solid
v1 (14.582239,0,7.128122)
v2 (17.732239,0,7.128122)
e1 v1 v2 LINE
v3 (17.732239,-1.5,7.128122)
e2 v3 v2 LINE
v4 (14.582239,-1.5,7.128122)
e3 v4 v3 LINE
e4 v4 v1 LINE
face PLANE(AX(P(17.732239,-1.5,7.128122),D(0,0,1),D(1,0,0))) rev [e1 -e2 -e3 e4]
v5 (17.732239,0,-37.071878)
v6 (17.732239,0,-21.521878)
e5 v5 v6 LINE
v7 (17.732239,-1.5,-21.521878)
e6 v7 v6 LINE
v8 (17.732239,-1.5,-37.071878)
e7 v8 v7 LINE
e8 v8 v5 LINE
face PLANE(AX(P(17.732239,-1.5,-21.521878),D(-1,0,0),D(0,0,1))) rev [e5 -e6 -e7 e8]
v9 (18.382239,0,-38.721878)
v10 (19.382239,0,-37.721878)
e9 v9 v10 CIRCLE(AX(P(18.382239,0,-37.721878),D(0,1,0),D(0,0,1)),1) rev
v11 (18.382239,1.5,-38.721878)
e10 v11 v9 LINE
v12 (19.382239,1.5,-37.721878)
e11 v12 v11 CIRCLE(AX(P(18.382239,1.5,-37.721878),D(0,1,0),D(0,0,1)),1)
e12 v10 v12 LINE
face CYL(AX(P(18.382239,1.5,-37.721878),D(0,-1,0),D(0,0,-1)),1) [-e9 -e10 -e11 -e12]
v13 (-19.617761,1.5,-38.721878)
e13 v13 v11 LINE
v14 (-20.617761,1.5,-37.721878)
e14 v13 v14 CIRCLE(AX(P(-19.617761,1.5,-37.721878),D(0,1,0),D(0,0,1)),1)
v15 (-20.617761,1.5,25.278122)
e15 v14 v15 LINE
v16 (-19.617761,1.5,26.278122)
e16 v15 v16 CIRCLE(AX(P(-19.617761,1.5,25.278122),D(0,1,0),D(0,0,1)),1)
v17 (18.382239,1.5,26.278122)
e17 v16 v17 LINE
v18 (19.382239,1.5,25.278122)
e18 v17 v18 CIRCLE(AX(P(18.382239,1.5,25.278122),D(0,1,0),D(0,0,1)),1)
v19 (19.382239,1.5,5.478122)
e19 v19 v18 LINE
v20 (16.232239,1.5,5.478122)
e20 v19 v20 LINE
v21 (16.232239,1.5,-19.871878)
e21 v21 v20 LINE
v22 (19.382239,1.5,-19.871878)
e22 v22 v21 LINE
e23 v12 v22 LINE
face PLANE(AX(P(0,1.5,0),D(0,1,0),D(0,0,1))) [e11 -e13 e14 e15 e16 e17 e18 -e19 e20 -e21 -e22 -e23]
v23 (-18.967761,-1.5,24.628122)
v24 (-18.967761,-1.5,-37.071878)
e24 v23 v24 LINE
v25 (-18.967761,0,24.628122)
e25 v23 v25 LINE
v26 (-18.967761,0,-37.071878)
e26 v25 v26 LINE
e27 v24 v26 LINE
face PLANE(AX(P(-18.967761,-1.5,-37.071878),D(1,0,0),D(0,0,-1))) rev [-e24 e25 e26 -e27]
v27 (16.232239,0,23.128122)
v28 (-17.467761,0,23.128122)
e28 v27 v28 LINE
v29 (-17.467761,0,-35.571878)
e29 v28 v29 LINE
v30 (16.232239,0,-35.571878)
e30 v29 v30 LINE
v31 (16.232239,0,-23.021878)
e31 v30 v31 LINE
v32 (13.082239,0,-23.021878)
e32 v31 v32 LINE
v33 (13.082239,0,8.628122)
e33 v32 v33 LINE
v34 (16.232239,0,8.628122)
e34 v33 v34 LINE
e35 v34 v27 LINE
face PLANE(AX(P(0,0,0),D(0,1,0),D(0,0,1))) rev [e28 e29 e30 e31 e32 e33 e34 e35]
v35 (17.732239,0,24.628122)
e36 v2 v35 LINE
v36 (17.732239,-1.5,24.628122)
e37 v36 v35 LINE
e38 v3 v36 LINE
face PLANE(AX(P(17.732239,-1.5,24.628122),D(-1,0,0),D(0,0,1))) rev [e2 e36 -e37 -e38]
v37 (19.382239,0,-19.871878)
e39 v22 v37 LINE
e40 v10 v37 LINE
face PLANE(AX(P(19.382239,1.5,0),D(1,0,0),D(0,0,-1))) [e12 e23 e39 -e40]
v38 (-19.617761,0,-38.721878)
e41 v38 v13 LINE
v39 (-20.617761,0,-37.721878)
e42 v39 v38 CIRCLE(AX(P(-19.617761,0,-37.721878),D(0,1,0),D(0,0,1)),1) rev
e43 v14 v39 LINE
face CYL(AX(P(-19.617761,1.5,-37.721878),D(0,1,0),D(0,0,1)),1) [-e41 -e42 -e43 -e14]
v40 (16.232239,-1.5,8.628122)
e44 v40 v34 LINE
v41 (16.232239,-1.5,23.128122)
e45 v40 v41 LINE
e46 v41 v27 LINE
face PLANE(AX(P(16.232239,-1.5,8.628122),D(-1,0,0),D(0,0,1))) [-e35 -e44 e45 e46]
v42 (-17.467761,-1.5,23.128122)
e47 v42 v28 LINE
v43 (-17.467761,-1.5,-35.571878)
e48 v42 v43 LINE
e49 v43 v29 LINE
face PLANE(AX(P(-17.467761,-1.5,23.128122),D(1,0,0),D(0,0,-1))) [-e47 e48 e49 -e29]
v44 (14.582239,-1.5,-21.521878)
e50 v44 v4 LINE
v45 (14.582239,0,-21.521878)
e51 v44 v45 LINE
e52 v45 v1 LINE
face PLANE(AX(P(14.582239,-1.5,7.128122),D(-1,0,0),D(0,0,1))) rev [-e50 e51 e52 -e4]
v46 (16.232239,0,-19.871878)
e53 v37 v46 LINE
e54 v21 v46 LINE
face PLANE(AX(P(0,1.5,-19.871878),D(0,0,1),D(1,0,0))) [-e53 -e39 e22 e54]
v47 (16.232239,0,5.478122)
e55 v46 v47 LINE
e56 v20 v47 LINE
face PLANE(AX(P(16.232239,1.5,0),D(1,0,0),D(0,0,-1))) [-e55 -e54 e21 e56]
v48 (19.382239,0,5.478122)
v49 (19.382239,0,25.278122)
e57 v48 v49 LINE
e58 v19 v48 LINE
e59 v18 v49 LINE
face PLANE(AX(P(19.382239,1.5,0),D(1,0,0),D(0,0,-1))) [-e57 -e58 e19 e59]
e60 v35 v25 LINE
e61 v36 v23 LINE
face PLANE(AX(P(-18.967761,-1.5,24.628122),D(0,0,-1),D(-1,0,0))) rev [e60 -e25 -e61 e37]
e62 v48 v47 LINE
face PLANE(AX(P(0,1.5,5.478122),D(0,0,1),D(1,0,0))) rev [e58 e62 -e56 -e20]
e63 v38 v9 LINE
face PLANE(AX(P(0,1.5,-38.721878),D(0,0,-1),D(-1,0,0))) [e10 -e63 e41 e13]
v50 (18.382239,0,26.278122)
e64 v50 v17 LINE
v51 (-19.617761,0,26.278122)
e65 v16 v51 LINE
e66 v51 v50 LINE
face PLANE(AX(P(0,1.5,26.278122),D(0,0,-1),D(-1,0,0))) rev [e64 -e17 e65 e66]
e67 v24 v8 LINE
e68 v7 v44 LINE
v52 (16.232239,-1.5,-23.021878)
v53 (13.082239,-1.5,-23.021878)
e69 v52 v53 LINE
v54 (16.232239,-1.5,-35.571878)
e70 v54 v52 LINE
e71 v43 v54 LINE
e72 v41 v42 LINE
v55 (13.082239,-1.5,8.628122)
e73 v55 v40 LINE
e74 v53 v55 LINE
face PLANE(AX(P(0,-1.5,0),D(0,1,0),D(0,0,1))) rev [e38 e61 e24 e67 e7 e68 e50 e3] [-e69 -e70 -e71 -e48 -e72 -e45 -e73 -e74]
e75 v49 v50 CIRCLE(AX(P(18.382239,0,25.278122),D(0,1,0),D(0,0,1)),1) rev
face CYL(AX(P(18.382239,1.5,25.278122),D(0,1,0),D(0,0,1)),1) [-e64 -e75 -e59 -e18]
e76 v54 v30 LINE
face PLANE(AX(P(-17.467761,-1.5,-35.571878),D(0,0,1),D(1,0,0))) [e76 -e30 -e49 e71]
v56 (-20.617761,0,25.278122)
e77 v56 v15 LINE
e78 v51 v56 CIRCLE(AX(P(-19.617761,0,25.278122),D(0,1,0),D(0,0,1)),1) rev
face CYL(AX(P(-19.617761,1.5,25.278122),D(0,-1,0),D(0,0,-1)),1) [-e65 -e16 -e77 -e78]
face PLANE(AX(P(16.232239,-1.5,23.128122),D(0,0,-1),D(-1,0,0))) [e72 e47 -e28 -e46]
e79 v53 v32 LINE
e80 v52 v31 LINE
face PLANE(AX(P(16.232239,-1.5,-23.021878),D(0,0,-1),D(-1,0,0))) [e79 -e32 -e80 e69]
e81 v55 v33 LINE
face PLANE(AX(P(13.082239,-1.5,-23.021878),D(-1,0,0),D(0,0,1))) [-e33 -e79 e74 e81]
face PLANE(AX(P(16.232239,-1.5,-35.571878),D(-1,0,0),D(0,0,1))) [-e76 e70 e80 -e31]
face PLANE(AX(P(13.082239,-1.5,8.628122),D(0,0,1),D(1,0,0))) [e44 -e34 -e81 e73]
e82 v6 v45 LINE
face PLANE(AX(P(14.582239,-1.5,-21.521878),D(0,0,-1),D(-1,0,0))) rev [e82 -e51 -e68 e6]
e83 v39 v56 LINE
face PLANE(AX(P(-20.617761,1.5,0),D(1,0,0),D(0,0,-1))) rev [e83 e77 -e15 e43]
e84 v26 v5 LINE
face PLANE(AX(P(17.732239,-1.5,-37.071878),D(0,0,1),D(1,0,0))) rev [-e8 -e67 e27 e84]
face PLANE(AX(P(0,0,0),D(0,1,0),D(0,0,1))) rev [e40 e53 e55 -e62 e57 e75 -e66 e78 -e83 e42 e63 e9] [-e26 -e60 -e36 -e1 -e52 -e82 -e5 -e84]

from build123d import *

# Parameters (mm, degrees)
BOSS_EXTRUDE1_DEPTH = 1.5
BOSS_EXTRUDE2_DEPTH = 1.5
FILLET1_R           = 1


with BuildPart() as part:
    # Sketch1 → Boss-Extrude1 (new body)
    with BuildSketch(Plane(origin=(0, 0, 0), x_dir=(1, 0, 0), z_dir=(0, 1, 0))):
        Polygon((19.382239382, 38.721878286), (-20.617760618, 38.721878286), (-20.617760618, -26.278121714), (19.382239382, -26.278121714), (19.382239382, -5.478121714), (16.232239382, -5.478121714), (16.232239382, 19.871878286), (19.382239382, 19.871878286), align=None)
    extrude(amount=BOSS_EXTRUDE1_DEPTH)

    # Sketch2 → Boss-Extrude2 (add)
    with BuildSketch(Plane.XZ):
        Polygon((-18.967760618, 24.628121714), (17.732239382, 24.628121714), (17.732239382, 7.128121714), (14.582239382, 7.128121714), (14.582239382, -21.521878286), (17.732239382, -21.521878286), (17.732239382, -37.071878286), (-18.967760618, -37.071878286), align=None)
        Polygon((-17.467760618, 23.128121714), (-17.467760618, -35.571878286), (16.232239382, -35.571878286), (16.232239382, -23.021878286), (13.082239382, -23.021878286), (13.082239382, 8.628121714), (16.232239382, 8.628121714), (16.232239382, 23.128121714), align=None, mode=Mode.SUBTRACT)
    extrude(amount=BOSS_EXTRUDE2_DEPTH)

    # Fillet1
    fillet1_edges = [part.edges().sort_by_distance(p)[0] for p in [
        (19.382239382, 0.75, 26.278121714),
        (-20.617760618, 0.75, 26.278121714),
        (-20.617760618, 0.75, -38.721878286),
        (19.382239382, 0.75, -38.721878286),
    ]]
    fillet(fillet1_edges, radius=FILLET1_R)


solid = part.part
